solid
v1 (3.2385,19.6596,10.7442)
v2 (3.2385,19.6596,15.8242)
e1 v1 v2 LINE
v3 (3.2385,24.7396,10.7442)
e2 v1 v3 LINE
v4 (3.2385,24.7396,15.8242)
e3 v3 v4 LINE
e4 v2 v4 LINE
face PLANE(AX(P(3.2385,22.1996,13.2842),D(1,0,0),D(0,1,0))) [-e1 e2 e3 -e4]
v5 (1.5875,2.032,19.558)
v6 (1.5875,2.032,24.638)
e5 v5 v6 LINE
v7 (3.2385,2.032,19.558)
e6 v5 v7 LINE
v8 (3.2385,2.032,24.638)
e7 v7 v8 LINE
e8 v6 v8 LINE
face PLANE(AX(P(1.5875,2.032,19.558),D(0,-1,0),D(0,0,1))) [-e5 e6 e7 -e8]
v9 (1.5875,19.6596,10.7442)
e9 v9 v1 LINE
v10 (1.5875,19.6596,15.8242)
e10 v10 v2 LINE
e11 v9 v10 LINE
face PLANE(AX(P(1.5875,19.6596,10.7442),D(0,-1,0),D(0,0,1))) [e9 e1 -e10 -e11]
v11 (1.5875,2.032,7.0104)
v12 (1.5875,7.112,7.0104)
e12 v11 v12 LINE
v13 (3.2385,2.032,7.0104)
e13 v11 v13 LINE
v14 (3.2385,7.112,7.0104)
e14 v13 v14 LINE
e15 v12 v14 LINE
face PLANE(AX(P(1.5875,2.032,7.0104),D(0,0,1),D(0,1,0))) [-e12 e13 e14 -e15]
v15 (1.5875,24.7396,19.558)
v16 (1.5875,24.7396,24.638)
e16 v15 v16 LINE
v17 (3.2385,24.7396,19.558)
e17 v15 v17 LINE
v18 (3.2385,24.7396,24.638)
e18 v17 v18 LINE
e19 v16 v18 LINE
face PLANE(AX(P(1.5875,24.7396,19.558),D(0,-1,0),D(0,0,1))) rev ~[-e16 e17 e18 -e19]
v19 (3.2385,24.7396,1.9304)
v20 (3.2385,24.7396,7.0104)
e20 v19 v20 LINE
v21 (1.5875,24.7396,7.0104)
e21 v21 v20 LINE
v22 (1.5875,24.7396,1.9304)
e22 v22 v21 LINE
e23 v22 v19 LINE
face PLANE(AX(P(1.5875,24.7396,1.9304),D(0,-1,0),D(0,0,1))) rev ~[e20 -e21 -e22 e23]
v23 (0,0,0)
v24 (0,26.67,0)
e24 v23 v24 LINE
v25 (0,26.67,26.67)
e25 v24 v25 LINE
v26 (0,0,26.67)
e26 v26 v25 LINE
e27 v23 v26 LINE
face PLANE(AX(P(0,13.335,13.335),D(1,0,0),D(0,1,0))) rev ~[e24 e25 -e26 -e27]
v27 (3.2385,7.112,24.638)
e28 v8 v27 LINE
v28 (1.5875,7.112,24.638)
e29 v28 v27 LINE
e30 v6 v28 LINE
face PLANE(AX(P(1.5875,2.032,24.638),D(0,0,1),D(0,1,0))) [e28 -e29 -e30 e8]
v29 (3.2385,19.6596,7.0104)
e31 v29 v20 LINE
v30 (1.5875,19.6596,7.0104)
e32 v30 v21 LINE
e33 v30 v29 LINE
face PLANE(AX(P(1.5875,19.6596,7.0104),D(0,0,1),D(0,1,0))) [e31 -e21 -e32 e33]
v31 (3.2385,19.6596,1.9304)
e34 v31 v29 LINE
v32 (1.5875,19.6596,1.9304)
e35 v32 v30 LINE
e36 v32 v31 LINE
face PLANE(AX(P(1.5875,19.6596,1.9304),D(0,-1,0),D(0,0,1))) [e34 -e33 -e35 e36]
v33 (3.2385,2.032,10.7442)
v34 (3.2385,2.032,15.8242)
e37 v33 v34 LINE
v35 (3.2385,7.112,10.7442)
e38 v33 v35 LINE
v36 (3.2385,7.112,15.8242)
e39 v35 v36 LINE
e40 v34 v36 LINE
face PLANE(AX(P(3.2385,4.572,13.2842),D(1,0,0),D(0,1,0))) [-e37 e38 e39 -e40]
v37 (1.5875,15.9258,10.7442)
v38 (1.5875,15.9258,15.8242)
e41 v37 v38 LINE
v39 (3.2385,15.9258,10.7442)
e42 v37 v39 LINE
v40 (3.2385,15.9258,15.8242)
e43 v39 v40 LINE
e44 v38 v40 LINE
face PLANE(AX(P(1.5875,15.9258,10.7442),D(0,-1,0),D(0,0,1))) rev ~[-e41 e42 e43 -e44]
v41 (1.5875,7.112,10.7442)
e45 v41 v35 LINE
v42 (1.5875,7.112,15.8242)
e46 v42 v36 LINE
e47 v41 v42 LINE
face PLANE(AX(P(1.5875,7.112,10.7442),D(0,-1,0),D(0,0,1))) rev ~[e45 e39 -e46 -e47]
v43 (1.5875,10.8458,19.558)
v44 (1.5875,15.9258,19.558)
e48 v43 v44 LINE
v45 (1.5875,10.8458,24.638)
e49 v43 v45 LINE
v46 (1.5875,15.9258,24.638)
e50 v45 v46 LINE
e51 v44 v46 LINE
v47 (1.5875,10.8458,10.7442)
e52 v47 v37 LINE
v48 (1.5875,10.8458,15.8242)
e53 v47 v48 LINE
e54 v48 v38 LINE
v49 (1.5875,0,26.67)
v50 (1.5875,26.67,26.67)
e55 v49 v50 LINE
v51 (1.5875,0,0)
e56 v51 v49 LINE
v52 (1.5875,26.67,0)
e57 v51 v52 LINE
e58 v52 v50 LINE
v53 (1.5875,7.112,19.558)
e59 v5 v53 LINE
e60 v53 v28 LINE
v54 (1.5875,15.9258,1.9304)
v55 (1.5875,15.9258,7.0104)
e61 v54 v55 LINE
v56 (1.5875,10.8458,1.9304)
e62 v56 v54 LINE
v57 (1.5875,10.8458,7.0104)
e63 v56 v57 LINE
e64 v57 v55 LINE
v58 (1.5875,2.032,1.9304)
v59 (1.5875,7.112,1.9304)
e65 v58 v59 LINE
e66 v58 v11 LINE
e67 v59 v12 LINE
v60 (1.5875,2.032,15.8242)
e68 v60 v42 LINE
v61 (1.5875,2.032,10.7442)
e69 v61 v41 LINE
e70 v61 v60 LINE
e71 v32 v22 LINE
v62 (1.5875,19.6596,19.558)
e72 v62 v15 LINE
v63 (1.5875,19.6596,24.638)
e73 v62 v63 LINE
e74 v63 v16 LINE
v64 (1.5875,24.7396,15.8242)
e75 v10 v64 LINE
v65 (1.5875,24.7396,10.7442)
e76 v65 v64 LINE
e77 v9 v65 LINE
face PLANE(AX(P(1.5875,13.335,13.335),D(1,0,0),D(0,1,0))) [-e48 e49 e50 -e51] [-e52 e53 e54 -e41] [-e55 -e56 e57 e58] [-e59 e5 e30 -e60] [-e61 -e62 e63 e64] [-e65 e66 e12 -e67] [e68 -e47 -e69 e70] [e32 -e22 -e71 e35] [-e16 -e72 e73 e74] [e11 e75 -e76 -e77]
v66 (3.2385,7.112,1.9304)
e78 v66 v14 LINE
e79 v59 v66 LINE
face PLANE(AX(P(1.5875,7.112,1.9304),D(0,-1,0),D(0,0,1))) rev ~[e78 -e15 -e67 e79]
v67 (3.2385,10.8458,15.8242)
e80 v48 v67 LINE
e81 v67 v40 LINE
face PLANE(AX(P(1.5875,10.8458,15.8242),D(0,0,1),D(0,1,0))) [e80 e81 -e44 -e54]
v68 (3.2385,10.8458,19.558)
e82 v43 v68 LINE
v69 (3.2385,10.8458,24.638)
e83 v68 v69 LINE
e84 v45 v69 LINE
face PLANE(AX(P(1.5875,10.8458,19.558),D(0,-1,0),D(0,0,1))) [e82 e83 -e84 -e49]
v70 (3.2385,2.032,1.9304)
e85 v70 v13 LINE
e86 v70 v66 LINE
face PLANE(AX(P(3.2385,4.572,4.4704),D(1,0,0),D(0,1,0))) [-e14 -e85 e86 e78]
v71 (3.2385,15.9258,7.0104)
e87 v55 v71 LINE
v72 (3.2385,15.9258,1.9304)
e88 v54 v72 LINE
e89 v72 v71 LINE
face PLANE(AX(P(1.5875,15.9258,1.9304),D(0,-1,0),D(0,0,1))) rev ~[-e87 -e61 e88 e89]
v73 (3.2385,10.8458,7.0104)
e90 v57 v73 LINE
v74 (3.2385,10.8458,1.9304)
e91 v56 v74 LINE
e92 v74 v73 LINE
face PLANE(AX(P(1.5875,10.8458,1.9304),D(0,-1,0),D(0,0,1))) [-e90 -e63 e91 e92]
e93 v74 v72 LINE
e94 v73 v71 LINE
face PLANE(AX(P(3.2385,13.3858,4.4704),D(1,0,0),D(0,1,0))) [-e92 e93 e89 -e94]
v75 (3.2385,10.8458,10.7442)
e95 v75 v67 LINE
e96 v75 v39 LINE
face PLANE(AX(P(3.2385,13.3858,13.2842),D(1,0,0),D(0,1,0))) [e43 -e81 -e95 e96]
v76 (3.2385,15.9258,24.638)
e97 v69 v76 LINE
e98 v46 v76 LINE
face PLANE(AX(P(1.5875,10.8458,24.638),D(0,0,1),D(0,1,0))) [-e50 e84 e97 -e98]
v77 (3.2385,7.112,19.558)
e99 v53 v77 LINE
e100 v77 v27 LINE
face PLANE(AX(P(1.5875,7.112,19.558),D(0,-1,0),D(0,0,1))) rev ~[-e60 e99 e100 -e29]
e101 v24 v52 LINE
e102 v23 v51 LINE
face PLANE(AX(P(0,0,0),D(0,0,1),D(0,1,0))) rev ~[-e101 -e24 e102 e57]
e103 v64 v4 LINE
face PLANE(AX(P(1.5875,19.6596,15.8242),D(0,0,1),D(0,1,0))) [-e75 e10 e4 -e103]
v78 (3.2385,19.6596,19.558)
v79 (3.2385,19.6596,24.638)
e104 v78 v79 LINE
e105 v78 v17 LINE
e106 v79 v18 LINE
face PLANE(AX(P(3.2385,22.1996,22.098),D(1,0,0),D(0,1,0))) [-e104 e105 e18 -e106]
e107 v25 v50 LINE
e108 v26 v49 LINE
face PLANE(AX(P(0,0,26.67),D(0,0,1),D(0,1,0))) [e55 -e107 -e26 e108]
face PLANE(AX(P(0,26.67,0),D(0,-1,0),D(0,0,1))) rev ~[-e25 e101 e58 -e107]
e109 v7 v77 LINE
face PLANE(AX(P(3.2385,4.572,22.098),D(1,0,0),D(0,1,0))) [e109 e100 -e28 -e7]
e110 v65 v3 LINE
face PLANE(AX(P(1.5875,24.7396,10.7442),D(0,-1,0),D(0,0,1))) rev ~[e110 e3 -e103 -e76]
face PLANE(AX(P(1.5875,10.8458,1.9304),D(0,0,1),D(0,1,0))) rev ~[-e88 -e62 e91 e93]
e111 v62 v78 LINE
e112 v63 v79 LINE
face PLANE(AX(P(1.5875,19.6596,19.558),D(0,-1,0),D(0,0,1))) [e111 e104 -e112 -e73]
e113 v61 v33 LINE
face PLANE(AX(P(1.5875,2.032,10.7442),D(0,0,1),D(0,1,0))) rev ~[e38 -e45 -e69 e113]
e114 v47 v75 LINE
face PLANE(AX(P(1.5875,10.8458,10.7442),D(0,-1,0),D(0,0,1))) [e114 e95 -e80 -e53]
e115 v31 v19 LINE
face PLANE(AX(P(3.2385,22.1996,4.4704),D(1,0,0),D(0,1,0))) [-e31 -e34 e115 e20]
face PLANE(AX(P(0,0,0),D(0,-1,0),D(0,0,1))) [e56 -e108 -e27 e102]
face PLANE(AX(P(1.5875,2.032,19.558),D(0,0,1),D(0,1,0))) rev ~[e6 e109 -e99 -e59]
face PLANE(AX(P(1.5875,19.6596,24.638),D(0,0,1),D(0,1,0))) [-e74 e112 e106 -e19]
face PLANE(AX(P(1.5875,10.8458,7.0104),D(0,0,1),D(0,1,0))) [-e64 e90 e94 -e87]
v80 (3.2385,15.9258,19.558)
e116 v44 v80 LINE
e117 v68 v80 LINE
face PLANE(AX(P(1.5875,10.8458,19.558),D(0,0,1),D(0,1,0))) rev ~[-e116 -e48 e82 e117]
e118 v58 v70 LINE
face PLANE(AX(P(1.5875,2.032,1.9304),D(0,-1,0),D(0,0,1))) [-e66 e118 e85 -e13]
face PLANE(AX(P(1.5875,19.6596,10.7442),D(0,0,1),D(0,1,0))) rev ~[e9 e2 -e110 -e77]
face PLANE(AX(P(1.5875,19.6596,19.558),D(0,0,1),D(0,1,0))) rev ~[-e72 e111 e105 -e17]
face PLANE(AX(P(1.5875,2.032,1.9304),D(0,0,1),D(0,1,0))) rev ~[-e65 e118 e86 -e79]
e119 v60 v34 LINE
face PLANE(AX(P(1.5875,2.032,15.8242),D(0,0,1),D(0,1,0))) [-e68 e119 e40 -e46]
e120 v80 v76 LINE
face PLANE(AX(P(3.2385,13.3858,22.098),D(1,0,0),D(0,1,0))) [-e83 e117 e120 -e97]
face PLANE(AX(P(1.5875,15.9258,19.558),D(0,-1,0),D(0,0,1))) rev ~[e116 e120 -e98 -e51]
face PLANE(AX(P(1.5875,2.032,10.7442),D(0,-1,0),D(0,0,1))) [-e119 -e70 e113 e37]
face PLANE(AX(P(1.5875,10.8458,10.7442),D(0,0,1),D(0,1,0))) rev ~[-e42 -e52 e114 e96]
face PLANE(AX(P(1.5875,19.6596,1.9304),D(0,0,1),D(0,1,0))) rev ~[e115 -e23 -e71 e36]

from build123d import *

# Parameters (mm, degrees)
F0_W     = 26.67
F0_H     = 26.67
F1_DEPTH = 1.5875
F2_W     = 5.08
F2_H     = 5.08
F3_DEPTH = 1.651


with BuildPart() as f1:
    # F0 (on Right) → F1 (new body)
    with BuildSketch(Plane.YZ):
        with Locations((13.335, 13.335)):
            Rectangle(F0_W, F0_H)
    extrude(amount=F1_DEPTH)

    # F2 (on face) → F3 (join)
    with BuildSketch(Plane.YZ.offset(1.5875)):
        with Locations((4.572, 22.098)):
            Rectangle(F2_W, F2_H)
        with Locations((4.572, 13.2842)):
            Rectangle(F2_W, F2_H)
        with Locations((4.572, 4.4704)):
            Rectangle(F2_W, F2_H)
        with Locations((13.3858, 22.098)):
            Rectangle(F2_W, F2_H)
        with Locations((13.3858, 13.2842)):
            Rectangle(F2_W, F2_H)
        with Locations((13.3858, 4.4704)):
            Rectangle(F2_W, F2_H)
        with Locations((22.1996, 22.098)):
            Rectangle(F2_W, F2_H)
        with Locations((22.1996, 13.2842)):
            Rectangle(F2_W, F2_H)
        with Locations((22.1996, 4.4704)):
            Rectangle(F2_W, F2_H)
    extrude(amount=F3_DEPTH)


solid = f1.part
